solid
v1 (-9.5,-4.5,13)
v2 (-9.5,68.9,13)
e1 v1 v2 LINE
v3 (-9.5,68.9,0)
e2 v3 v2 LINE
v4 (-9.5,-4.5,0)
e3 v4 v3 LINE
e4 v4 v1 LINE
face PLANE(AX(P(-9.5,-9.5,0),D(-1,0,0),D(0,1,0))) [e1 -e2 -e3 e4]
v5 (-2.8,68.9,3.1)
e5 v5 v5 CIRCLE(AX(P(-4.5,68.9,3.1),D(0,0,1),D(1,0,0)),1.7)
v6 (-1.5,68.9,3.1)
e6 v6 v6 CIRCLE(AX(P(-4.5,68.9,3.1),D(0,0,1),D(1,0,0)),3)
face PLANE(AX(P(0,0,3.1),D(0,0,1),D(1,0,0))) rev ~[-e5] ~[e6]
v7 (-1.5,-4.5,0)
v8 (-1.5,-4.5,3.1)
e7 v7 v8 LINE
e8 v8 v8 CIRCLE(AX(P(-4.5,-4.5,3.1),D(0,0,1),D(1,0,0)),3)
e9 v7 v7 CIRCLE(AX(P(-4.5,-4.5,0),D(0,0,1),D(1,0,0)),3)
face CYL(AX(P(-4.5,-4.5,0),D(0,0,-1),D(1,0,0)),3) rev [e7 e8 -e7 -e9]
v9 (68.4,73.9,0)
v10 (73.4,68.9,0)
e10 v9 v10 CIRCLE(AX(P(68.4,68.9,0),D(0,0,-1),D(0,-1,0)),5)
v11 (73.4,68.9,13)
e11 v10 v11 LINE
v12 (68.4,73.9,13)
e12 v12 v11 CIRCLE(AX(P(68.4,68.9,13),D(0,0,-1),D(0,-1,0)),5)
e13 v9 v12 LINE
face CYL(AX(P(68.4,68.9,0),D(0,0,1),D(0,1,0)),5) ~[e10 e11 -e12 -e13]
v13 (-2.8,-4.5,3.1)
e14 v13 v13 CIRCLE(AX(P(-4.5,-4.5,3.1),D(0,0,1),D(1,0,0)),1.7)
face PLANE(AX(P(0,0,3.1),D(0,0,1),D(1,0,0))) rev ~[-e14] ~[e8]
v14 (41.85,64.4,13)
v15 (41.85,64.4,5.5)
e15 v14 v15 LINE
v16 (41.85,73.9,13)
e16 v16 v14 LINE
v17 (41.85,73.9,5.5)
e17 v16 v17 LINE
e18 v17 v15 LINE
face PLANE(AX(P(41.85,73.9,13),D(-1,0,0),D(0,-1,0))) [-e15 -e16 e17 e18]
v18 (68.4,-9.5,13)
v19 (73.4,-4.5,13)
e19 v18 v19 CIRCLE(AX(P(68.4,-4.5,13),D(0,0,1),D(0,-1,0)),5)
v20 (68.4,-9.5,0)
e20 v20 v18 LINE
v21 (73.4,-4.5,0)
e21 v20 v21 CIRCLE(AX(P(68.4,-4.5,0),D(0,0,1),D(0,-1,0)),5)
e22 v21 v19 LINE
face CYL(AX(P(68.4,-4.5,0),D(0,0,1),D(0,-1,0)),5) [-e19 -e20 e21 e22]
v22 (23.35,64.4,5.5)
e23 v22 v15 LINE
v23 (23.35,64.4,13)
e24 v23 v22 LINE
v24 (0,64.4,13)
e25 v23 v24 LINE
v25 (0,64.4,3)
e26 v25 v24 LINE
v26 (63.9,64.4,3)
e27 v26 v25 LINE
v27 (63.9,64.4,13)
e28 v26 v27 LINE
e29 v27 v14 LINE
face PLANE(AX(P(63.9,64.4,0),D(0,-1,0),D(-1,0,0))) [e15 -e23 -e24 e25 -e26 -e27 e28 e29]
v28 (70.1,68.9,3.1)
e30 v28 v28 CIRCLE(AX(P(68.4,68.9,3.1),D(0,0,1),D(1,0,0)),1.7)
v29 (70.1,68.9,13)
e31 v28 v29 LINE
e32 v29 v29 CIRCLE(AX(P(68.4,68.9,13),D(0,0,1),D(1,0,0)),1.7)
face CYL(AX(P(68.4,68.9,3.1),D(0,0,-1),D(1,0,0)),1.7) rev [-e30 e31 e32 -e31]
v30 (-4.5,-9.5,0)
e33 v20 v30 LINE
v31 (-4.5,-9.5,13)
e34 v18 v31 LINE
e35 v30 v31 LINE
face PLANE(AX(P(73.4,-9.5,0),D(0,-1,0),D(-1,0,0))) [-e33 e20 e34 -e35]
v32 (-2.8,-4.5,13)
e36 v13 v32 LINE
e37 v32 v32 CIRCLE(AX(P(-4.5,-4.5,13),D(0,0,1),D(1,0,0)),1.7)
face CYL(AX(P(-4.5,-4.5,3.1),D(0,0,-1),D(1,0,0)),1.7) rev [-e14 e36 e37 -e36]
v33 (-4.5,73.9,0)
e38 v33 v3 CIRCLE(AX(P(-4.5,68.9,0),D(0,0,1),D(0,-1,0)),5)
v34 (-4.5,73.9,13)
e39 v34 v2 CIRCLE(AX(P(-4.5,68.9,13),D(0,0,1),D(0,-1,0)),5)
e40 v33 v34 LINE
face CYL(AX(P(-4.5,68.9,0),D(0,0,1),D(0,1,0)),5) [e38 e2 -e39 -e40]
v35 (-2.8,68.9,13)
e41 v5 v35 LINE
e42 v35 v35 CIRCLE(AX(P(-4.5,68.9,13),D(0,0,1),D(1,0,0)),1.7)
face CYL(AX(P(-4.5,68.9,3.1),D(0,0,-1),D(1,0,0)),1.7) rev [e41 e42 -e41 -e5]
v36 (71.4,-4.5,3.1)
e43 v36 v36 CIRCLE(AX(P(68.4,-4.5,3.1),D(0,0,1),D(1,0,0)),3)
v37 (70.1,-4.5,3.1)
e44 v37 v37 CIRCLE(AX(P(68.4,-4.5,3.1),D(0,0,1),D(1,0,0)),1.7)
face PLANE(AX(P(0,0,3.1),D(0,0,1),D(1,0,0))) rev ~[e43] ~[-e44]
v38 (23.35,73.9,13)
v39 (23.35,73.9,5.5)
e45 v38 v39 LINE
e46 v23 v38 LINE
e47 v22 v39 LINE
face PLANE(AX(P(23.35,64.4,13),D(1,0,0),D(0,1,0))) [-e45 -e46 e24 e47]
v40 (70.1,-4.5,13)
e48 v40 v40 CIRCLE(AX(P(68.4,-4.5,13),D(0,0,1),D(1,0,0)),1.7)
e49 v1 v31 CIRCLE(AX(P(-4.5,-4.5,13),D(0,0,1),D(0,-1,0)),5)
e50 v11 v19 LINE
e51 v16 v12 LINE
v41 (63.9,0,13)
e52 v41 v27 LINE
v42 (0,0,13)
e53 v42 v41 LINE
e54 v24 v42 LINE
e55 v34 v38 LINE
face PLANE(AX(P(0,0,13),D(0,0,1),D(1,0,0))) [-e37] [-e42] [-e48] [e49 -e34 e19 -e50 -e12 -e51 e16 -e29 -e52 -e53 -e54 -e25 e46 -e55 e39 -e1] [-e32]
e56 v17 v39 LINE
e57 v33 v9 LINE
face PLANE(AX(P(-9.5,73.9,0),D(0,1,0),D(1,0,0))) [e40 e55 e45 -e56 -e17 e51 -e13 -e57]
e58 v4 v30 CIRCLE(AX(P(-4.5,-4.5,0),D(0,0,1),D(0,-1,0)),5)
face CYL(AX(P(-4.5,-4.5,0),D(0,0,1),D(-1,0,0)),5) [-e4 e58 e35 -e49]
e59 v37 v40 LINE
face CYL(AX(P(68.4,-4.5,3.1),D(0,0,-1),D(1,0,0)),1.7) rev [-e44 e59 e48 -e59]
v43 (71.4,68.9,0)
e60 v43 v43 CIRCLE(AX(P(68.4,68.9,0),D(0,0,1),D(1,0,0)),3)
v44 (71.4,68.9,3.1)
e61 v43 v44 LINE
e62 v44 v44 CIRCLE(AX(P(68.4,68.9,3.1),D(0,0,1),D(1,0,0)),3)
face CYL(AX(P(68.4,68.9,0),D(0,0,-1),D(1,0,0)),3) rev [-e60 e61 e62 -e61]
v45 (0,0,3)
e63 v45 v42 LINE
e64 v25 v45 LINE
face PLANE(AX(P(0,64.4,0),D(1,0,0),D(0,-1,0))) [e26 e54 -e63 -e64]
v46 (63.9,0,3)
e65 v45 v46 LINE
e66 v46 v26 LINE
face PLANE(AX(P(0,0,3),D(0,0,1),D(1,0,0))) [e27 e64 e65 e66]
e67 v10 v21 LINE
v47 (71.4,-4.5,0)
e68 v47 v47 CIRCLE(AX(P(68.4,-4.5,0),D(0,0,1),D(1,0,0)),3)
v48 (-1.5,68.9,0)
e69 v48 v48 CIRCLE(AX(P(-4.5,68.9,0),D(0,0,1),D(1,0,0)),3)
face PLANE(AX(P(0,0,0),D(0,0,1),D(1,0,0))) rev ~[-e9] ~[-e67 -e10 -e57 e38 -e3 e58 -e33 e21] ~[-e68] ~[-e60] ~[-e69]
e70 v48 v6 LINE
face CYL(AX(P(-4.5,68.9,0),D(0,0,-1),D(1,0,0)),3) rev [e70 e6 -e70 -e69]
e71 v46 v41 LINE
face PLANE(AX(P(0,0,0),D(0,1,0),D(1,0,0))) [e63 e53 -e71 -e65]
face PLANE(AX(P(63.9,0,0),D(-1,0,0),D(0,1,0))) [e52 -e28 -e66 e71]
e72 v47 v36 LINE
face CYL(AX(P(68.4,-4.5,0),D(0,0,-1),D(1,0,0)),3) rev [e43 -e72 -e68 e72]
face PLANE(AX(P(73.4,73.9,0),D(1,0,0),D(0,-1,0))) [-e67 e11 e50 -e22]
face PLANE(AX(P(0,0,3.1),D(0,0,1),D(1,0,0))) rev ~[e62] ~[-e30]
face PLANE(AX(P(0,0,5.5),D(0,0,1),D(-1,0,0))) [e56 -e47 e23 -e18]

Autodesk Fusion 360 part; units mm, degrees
sketch "Skectch1" plane through (0, 0, 0) normal (0, 0, 1) x (1, 0, 0)
  line L0 (0, 0) -> (63.9, 0)
  line L1 (63.9, 0) -> (63.9, 64.4)
  line L2 (63.9, 64.4) -> (0, 64.4)
  line L3 (0, 64.4) -> (0, 0)
  line L4 (-9.5, 73.9) -> (73.4, 73.9)
  line L5 (73.4, 73.9) -> (73.4, -9.5)
  line L6 (73.4, -9.5) -> (-9.5, -9.5)
  line L7 (-9.5, -9.5) -> (-9.5, 73.9)
  circle A0 centre (-4.5, -4.5) radius 1.7
  circle A1 centre (68.4, -4.5) radius 1.7
  circle A2 centre (68.4, 68.9) radius 1.7
  circle A3 centre (-4.5, 68.9) radius 1.7
  circle A4 centre (-4.5, -4.5) radius 3
  circle A5 centre (68.4, -4.5) radius 3
  circle A6 centre (68.4, 68.9) radius 3
  circle A7 centre (-4.5, 68.9) radius 3
  dimension "d1" = 63.9
  dimension "d2" = 64.4
  dimension "d3" = 82.9
  dimension "d4" = 83.4
  dimension "d6" = 9.5
  dimension "d7" = 3.4
  dimension "d8" = 5
  dimension "d9" = 5
  dimension "d10" = 3.4
  dimension "d11" = 5
  dimension "d12" = 5
  dimension "d13" = 3.4
  dimension "d14" = 5
  dimension "d15" = 5
  dimension "d16" = 9.5
  dimension "d17" = 3.4
  dimension "d18" = 5
  dimension "d19" = 5
  dimension "d21" = 6
  dimension "d22" = 6
  dimension "d23" = 6
  dimension "d24" = 6
extrude "Extrude1" add sketch "Skectch1" along normal blind 9.9 from surface at 3.1 contours A4 | A5 | A6 | A7 makes body 1 at (70.9599, 70.4643, 9.7) makes body 2 at (-1.6809, 67.8739, 9.7) makes body 3 at (69.2125, -1.6121, 9.7) makes body 4 at (-1.5037, -4.6495, 9.7)
extrude "Extrude2" add sketch "Skectch1" along normal blind 13 contours L4 L5 L6 L7 bodies 1 2 3 4
extrude "Extrude3" add sketch "Skectch1" along normal blind 3 contours L0 L1 L2 L3 bodies 1
sketch "Sketch3" plane through (0, 0, 13) normal (0, 0, 1) x (-1, 0, 0)
  circle A0 centre (-68.4, -68.9) radius 1.7
  circle A1 centre (4.5, 4.5) radius 1.7
  line L0 (0, 0) -> (0, -64.4)
  line L1 (0, -64.4) -> (-63.9, -64.4)
  line L2 (-63.9, -64.4) -> (-63.9, 0)
  line L3 (-63.9, 0) -> (0, 0)
  line L4 (9.5, 9.5) -> (-73.4, 9.5)
  line L5 (-73.4, 9.5) -> (-73.4, -73.9)
  line L6 (-73.4, -73.9) -> (9.5, -73.9)
  line L7 (9.5, -73.9) -> (9.5, 9.5)
  circle A2 centre (4.5, -68.9) radius 1.7
  circle A3 centre (-68.4, 4.5) radius 1.7
  line L8 (-23.35, -73.9) -> (-41.85, -73.9)
  line L9 (-41.85, -73.9) -> (-41.85, -64.4)
  line L10 (-41.85, -64.4) -> (-23.35, -64.4)
  line L11 (-23.35, -64.4) -> (-23.35, -73.9)
  line L12 (9.5, 9.5) -> (9.5, -73.9)
  line L13 (-73.4, -73.9) -> (-73.4, 9.5)
  dimension "d32" = 18.5
  dimension "d33" = 32.85
  dimension "d34" = 31.55
extrude "Extrude4" cut sketch "Sketch3" against normal blind 7.5 contours L1 L6 L8 L9 L10 L11 bodies 1
fillet "Fillet1" radius 5 4 edges at (73.4, -9.5, 6.5) (73.4, 73.9, 6.5) (-9.5, 73.9, 6.5) (-9.5, -9.5, 6.5) on bodies 1
